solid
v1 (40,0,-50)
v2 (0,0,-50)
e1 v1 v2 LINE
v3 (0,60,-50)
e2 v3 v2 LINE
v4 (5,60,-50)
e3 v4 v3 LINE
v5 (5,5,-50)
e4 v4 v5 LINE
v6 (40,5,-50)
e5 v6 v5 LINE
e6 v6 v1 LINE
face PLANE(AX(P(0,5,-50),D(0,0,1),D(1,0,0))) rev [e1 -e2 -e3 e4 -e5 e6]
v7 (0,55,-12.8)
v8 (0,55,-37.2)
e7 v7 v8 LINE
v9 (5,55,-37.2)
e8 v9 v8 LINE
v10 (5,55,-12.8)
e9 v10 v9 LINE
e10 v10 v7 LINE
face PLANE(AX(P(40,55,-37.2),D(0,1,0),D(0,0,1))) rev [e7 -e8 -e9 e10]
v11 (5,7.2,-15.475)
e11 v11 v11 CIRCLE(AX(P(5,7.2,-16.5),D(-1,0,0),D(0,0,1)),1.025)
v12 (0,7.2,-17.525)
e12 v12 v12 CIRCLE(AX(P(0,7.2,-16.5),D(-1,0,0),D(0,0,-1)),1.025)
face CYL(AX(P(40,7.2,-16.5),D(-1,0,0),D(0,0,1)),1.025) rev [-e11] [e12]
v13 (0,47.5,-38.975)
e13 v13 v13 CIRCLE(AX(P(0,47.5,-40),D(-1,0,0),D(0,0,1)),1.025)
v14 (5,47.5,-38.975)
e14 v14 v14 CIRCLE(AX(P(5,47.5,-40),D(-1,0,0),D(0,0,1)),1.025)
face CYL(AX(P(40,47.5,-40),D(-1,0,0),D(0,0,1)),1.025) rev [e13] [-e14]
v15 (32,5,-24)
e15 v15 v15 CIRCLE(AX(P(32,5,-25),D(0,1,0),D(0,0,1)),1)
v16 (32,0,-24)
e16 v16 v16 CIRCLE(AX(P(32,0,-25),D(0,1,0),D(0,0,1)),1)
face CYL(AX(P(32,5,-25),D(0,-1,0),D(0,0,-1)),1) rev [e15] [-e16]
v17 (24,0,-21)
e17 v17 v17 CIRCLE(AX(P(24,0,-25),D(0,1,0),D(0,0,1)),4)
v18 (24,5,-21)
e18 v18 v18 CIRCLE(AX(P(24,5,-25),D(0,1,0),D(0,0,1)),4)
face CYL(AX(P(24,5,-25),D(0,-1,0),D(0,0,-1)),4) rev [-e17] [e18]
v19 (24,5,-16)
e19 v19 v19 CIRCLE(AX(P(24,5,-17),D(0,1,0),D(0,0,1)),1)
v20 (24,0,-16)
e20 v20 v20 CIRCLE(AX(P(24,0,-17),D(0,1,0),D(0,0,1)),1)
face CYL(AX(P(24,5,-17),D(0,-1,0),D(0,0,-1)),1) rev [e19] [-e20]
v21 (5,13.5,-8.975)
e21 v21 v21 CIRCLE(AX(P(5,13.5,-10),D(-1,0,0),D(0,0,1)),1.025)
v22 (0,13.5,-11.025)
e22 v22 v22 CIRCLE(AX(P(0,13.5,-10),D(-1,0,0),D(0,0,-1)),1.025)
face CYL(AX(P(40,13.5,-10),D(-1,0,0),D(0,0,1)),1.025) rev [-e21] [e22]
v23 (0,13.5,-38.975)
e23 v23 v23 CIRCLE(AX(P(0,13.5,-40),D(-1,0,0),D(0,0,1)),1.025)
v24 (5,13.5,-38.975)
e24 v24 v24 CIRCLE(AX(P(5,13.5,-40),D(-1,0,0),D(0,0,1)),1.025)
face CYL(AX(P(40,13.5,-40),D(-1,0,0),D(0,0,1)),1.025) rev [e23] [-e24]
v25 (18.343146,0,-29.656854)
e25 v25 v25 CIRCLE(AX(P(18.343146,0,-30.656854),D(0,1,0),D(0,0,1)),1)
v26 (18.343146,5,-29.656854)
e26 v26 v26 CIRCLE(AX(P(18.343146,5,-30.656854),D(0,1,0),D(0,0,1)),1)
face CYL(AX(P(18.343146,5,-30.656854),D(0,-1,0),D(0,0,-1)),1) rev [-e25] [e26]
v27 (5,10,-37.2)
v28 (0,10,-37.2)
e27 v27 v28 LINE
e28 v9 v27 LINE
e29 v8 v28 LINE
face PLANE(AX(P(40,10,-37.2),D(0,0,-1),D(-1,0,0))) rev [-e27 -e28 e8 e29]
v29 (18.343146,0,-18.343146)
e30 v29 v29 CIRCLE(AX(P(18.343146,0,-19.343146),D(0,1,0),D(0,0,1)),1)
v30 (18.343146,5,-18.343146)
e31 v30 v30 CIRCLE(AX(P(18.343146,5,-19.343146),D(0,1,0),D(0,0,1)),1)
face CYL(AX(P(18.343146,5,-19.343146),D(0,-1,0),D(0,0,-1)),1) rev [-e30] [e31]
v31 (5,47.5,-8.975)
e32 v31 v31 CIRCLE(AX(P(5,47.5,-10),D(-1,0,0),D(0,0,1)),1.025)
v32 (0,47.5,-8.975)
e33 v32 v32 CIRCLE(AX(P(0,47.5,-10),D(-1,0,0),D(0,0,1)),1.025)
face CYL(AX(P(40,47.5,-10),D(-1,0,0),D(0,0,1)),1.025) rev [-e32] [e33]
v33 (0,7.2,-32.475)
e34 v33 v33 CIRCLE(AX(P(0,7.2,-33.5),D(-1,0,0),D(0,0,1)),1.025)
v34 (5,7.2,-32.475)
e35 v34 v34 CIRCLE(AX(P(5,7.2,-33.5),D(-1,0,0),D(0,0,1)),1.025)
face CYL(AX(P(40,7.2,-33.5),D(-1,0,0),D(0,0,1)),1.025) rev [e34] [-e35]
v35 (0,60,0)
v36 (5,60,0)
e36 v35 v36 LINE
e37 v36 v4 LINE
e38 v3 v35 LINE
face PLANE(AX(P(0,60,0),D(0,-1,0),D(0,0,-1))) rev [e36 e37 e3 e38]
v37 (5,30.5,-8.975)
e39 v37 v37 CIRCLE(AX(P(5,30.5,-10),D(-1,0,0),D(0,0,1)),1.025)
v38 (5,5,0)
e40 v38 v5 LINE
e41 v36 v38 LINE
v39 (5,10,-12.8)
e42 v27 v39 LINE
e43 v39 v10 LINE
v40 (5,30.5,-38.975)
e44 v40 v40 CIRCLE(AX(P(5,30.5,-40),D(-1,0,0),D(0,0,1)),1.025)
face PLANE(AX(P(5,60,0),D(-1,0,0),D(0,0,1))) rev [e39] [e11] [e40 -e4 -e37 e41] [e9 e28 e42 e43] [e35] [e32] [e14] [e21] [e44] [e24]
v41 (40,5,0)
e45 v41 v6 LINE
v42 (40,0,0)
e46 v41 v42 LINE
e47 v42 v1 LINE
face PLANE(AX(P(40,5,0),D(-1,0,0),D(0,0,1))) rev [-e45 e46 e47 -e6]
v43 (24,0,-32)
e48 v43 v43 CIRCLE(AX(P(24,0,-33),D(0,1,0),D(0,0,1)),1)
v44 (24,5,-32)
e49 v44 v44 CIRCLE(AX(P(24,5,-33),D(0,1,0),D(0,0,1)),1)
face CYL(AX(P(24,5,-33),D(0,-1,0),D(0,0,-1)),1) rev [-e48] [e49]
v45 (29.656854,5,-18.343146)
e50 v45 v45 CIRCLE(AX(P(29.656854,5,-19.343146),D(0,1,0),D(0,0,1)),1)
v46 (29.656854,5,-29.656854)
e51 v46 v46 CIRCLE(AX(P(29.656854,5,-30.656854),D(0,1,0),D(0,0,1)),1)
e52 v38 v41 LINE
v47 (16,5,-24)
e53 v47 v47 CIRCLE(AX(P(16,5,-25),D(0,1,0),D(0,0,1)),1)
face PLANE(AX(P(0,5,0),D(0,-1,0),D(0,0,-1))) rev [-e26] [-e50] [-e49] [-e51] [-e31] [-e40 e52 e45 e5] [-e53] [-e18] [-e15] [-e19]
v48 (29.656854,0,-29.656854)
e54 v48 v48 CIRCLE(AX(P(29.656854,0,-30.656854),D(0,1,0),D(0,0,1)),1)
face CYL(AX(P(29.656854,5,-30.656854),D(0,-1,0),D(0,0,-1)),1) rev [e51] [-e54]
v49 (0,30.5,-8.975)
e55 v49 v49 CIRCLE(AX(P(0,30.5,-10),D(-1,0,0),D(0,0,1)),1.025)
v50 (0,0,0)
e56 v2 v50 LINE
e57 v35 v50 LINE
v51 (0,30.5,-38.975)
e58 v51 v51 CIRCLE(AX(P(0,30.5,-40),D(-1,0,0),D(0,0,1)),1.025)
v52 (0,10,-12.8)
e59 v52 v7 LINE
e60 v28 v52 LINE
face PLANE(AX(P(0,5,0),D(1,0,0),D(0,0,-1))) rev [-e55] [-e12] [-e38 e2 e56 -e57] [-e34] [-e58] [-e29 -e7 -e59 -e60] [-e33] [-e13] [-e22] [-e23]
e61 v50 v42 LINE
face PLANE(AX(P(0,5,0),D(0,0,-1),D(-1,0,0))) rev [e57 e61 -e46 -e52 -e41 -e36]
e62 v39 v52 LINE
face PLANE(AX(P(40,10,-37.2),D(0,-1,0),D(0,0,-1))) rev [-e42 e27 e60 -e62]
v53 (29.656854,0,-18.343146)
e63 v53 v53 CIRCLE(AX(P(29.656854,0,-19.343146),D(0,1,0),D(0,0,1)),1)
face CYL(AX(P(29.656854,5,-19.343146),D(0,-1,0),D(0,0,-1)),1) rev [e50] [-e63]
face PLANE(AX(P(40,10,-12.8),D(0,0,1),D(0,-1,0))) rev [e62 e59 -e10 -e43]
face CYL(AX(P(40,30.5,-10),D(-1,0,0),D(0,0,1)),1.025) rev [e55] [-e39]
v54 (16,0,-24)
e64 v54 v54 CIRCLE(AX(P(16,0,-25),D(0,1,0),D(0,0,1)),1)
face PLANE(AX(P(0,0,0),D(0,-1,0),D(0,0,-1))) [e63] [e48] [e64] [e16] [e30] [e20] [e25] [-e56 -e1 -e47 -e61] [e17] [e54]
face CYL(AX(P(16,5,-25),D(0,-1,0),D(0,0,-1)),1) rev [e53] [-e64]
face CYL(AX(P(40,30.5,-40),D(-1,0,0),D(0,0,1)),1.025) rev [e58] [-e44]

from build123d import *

# Parameters (mm, degrees)
SKETCH1_W           = 40
SKETCH1_H           = 50
SKETCH1_R           = 4
SKETCH1_R_2         = 1
BOSS_EXTRUDE1_DEPTH = 5
SKETCH3_W           = 5
SKETCH3_H           = 50
BOSS_EXTRUDE2_DEPTH = 60
SKETCH4_R           = 1.025
SKETCH4_W           = 24.4
SKETCH4_H           = 45
CUT_EXTRUDE1_DEPTH  = 41


with BuildPart() as part:
    # Sketch1 → Boss-Extrude1 (new body)
    with BuildSketch(Plane(origin=(0, 0, 0), x_dir=(1, 0, 0), z_dir=(0, 1, 0))):
        with Locations((20, 25)):
            Rectangle(SKETCH1_W, SKETCH1_H)
        with Locations((24, 25)):
            Circle(SKETCH1_R, mode=Mode.SUBTRACT)
        with Locations((24, 33)):
            Circle(SKETCH1_R_2, mode=Mode.SUBTRACT)
        with Locations((29.656854249, 30.656854249)):
            Circle(SKETCH1_R_2, mode=Mode.SUBTRACT)
        with Locations((32, 25)):
            Circle(SKETCH1_R_2, mode=Mode.SUBTRACT)
        with Locations((29.656854249, 19.343145751)):
            Circle(SKETCH1_R_2, mode=Mode.SUBTRACT)
        with Locations((24, 17)):
            Circle(SKETCH1_R_2, mode=Mode.SUBTRACT)
        with Locations((18.343145751, 19.343145751)):
            Circle(SKETCH1_R_2, mode=Mode.SUBTRACT)
        with Locations((16, 25)):
            Circle(SKETCH1_R_2, mode=Mode.SUBTRACT)
        with Locations((18.343145751, 30.656854249)):
            Circle(SKETCH1_R_2, mode=Mode.SUBTRACT)
    extrude(amount=BOSS_EXTRUDE1_DEPTH)

    # Sketch3 → Boss-Extrude2 (add)
    with BuildSketch(Plane(origin=(0, 0, 0), x_dir=(1, 0, 0), z_dir=(0, 1, 0))):
        with Locations((2.5, 25)):
            Rectangle(SKETCH3_W, SKETCH3_H)
    extrude(amount=BOSS_EXTRUDE2_DEPTH)

    # Sketch4 → Cut-Extrude1 (cut, through all)
    with BuildSketch(Plane.ZY):
        with Locations((-40, 47.5)):
            Circle(SKETCH4_R)
        with Locations((-10, 47.5)):
            Circle(SKETCH4_R)
        with Locations((-40, 30.5)):
            Circle(SKETCH4_R)
        with Locations((-10, 30.5)):
            Circle(SKETCH4_R)
        with Locations((-40, 13.5)):
            Circle(SKETCH4_R)
        with Locations((-33.5, 7.2)):
            Circle(SKETCH4_R)
        with Locations((-16.5, 7.2)):
            Circle(SKETCH4_R)
        with Locations((-10, 13.5)):
            Circle(SKETCH4_R)
        with Locations((-25, 32.5)):
            Rectangle(SKETCH4_W, SKETCH4_H)
    extrude(amount=-CUT_EXTRUDE1_DEPTH, mode=Mode.SUBTRACT)


solid = part.part
